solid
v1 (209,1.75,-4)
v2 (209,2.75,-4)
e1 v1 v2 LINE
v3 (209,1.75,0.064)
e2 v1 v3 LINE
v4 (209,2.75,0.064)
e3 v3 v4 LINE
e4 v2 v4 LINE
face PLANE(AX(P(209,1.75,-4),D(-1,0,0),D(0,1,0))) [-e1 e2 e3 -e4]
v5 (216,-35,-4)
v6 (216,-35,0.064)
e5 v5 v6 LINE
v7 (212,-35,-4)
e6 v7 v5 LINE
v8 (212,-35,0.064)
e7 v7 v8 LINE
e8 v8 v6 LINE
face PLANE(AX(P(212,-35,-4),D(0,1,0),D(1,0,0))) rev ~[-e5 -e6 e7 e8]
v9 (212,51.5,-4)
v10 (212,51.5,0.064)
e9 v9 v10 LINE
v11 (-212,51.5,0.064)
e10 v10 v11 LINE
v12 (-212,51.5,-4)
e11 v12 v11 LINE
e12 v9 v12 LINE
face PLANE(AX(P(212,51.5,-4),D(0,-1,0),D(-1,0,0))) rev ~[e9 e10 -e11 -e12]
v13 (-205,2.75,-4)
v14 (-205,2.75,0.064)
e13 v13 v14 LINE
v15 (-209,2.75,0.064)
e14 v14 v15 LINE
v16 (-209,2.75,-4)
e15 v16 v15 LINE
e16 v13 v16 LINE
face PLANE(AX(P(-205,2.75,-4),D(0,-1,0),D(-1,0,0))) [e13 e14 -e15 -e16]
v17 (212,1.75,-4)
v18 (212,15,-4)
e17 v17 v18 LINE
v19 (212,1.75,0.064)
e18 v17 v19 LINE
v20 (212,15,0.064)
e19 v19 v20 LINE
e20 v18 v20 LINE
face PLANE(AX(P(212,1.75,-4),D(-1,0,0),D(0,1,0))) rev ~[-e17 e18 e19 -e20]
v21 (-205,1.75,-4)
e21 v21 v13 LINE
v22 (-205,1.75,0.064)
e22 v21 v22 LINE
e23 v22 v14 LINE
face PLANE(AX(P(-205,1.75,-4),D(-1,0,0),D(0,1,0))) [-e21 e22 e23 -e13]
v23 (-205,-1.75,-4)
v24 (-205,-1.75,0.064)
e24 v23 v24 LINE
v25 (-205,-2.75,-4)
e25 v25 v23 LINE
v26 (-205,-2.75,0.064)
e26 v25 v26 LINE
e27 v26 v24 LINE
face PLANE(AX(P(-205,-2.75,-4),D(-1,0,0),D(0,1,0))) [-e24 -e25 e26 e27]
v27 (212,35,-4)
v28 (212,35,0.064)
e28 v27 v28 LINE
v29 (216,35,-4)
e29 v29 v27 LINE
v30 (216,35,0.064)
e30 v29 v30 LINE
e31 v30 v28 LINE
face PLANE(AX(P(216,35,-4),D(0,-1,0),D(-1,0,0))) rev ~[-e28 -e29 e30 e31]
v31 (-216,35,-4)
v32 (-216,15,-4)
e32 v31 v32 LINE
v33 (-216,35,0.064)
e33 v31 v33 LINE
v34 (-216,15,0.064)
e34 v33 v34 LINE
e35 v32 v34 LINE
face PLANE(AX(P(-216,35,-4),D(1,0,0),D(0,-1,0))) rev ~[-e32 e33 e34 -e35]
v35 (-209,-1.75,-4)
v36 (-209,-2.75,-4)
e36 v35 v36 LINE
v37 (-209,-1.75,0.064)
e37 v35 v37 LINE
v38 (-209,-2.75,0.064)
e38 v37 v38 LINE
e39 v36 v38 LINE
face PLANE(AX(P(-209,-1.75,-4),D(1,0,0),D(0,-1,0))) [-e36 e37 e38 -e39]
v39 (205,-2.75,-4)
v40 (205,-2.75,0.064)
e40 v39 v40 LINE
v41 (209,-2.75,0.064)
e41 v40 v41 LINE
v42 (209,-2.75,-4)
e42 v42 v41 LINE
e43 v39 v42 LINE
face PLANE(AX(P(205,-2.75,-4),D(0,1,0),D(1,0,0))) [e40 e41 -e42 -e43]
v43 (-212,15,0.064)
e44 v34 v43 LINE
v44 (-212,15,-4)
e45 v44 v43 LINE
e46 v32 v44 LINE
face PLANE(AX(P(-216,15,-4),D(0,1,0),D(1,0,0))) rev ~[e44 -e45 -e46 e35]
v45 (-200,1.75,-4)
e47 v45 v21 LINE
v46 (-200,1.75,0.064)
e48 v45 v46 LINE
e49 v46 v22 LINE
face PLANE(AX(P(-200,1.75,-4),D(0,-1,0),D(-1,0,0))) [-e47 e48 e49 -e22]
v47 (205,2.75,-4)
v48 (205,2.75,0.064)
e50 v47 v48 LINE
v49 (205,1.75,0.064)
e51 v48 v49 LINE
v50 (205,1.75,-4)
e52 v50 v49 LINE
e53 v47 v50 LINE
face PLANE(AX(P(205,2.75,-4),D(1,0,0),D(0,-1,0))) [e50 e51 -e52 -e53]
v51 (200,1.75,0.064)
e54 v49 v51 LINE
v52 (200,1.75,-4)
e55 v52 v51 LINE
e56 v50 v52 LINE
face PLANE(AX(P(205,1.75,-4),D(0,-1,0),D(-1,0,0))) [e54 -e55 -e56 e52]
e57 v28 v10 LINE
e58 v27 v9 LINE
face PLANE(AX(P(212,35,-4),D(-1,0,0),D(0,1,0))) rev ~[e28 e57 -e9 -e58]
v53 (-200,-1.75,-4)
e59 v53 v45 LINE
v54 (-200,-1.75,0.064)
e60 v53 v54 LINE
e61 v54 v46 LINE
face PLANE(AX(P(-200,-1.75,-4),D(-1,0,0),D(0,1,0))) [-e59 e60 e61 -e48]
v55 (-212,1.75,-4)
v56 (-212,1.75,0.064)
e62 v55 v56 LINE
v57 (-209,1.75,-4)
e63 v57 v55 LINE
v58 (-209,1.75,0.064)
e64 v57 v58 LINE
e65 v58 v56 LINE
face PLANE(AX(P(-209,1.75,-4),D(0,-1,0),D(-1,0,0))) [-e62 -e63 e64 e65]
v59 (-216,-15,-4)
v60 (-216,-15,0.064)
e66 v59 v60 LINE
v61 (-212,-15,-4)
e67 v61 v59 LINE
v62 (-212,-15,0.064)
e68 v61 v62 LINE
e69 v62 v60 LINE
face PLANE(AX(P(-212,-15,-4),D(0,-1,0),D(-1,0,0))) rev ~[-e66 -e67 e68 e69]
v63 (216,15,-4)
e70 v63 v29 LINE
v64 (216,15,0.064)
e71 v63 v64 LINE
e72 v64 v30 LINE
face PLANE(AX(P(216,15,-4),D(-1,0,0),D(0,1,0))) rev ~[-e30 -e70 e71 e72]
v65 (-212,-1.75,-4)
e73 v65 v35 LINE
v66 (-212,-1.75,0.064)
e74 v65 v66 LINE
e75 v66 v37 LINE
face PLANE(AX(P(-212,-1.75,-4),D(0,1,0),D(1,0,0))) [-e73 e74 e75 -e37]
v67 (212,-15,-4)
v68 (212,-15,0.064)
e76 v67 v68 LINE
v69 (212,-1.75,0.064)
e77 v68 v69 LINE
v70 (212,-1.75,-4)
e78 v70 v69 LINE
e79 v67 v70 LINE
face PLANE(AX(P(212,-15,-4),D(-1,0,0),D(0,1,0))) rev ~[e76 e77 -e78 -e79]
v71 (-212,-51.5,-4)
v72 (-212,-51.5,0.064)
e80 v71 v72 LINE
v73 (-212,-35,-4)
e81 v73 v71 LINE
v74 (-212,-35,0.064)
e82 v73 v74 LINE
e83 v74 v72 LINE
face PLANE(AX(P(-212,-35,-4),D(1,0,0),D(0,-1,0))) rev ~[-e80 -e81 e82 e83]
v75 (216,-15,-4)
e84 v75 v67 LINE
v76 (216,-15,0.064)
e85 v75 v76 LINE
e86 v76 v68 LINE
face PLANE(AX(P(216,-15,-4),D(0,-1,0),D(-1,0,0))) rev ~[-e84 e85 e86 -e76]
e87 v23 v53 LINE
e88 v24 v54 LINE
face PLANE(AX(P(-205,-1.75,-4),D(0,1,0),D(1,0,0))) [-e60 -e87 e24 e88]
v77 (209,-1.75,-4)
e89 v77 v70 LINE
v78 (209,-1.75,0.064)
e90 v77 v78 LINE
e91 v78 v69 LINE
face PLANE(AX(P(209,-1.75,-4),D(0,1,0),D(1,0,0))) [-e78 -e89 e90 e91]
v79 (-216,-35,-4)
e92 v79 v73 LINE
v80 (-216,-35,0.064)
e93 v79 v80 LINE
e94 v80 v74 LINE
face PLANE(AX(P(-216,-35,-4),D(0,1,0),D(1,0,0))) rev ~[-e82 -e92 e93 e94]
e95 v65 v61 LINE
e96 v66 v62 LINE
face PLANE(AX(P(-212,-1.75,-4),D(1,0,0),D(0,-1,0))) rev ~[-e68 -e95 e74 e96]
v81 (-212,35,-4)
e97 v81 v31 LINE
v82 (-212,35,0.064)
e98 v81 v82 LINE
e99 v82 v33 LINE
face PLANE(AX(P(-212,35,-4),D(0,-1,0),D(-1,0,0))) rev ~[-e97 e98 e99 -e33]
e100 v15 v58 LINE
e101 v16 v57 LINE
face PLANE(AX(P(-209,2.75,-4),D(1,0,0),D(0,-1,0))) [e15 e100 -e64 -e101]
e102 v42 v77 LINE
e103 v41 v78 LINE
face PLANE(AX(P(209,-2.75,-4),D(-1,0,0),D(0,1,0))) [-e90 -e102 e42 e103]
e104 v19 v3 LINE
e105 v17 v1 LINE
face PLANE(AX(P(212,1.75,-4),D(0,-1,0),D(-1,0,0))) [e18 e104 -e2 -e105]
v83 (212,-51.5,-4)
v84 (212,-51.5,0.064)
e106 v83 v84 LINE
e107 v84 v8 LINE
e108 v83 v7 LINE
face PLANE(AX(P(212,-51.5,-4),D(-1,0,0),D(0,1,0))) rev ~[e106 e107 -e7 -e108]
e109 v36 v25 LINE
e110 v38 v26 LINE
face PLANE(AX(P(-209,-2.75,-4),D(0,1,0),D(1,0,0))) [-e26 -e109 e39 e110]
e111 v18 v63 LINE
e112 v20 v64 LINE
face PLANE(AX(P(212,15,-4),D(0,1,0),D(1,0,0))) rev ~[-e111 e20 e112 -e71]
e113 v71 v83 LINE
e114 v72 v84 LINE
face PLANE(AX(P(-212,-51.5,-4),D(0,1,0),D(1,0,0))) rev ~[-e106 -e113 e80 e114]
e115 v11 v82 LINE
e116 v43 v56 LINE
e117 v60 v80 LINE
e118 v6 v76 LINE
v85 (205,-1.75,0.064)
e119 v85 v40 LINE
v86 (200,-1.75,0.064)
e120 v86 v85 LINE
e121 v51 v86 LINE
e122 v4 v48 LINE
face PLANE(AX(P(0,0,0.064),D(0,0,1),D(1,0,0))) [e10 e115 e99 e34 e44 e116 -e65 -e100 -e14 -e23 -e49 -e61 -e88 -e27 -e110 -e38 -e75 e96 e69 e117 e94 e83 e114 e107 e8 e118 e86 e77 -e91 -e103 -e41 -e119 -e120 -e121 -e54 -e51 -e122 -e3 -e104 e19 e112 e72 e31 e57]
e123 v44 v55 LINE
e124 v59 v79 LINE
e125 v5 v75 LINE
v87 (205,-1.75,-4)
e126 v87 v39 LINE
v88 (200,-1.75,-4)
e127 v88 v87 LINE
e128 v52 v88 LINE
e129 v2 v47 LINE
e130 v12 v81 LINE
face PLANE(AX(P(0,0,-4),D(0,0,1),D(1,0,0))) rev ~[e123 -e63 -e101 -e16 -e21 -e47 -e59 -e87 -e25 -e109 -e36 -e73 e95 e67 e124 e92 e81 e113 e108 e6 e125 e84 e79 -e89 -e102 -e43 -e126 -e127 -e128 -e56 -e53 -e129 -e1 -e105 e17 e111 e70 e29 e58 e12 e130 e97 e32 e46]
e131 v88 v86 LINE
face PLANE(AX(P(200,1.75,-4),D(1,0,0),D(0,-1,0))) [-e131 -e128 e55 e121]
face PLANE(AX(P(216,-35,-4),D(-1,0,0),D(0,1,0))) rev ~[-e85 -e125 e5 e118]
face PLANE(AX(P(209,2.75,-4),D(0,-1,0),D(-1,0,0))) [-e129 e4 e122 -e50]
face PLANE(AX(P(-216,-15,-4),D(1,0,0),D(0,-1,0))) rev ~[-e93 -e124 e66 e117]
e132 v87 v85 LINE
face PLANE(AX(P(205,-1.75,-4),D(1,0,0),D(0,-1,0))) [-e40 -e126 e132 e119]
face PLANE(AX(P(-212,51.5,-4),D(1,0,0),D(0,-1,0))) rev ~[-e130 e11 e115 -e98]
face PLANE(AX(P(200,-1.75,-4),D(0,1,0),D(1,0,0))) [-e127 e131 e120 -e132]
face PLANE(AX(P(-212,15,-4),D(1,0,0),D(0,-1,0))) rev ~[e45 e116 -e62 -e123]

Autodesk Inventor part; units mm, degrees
ref_plane "YZ Plane" through (0, 0, 0) normal (1, 0, 0) x (0, 1, 0)
ref_plane "XZ Plane" through (0, 0, 0) normal (0, 1, 0) x (-1, 0, 0)
ref_plane "Work Plane1" through (0, 0, -4) normal (0, 0, 1) x (1, 0, 0)
sketch "Sketch1" plane through (0, 0, -4) normal (0, 0, 1) x (1, 0, 0)
  line L0 (209, -2.75) -> (209, -1.75)
  line L1 (216, -35) -> (216, -15)
  line L2 (212, -35) -> (216, -35)
  line L3 (209, -1.75) -> (212, -1.75)
  line L4 (-212, -1.75) -> (-209, -1.75)
  line L5 (-212, -51.5) -> (212, -51.5)
  line L6 (-209, -1.75) -> (-209, -2.75)
  line L7 (-212, -35) -> (-212, -51.5)
  line L8 (-216, 15) -> (-212, 15)
  line L9 (-216, -35) -> (-212, -35)
  line L10 (-216, 35) -> (-216, 15)
  line L11 (-209, -2.75) -> (-205, -2.75)
  line L12 (-216, -15) -> (-216, -35)
  line L13 (-212, 35) -> (-216, 35)
  line L14 (-205, -2.75) -> (-205, -1.75)
  line L15 (-212, -15) -> (-216, -15)
  line L16 (-212, 51.5) -> (-212, 35)
  line L17 (-205, -1.75) -> (-200, -1.75)
  line L18 (-212, -1.75) -> (-212, -15)
  line L19 (212, 51.5) -> (-212, 51.5)
  line L20 (-200, -1.75) -> (-200, 1.75)
  line L21 (212, 1.75) -> (209, 1.75)
  line L22 (212, 35) -> (212, 51.5)
  line L23 (-200, 1.75) -> (-205, 1.75)
  line L24 (209, 1.75) -> (209, 2.75)
  line L25 (216, 35) -> (212, 35)
  line L26 (-205, 1.75) -> (-205, 2.75)
  line L27 (209, 2.75) -> (205, 2.75)
  line L28 (-205, 2.75) -> (-209, 2.75)
  line L29 (205, 2.75) -> (205, 1.75)
  line L30 (216, 15) -> (216, 35)
  line L31 (-209, 2.75) -> (-209, 1.75)
  line L32 (205, 1.75) -> (200, 1.75)
  line L33 (212, 15) -> (216, 15)
  line L34 (212, -51.5) -> (212, -35)
  line L35 (-209, 1.75) -> (-212, 1.75)
  line L36 (200, 1.75) -> (200, -1.75)
  line L37 (212, 1.75) -> (212, 15)
  line L38 (-212, 15) -> (-212, 1.75)
  line L39 (200, -1.75) -> (205, -1.75)
  line L40 (205, -1.75) -> (205, -2.75)
  line L41 (212, -15) -> (212, -1.75)
  line L42 (205, -2.75) -> (209, -2.75)
  line L43 (216, -15) -> (212, -15)
extrude "Extrusion1" add sketch "Sketch1" along normal blind 4.064
properties part number "Hopper Leg Brace" material "Aluminum 6061"
